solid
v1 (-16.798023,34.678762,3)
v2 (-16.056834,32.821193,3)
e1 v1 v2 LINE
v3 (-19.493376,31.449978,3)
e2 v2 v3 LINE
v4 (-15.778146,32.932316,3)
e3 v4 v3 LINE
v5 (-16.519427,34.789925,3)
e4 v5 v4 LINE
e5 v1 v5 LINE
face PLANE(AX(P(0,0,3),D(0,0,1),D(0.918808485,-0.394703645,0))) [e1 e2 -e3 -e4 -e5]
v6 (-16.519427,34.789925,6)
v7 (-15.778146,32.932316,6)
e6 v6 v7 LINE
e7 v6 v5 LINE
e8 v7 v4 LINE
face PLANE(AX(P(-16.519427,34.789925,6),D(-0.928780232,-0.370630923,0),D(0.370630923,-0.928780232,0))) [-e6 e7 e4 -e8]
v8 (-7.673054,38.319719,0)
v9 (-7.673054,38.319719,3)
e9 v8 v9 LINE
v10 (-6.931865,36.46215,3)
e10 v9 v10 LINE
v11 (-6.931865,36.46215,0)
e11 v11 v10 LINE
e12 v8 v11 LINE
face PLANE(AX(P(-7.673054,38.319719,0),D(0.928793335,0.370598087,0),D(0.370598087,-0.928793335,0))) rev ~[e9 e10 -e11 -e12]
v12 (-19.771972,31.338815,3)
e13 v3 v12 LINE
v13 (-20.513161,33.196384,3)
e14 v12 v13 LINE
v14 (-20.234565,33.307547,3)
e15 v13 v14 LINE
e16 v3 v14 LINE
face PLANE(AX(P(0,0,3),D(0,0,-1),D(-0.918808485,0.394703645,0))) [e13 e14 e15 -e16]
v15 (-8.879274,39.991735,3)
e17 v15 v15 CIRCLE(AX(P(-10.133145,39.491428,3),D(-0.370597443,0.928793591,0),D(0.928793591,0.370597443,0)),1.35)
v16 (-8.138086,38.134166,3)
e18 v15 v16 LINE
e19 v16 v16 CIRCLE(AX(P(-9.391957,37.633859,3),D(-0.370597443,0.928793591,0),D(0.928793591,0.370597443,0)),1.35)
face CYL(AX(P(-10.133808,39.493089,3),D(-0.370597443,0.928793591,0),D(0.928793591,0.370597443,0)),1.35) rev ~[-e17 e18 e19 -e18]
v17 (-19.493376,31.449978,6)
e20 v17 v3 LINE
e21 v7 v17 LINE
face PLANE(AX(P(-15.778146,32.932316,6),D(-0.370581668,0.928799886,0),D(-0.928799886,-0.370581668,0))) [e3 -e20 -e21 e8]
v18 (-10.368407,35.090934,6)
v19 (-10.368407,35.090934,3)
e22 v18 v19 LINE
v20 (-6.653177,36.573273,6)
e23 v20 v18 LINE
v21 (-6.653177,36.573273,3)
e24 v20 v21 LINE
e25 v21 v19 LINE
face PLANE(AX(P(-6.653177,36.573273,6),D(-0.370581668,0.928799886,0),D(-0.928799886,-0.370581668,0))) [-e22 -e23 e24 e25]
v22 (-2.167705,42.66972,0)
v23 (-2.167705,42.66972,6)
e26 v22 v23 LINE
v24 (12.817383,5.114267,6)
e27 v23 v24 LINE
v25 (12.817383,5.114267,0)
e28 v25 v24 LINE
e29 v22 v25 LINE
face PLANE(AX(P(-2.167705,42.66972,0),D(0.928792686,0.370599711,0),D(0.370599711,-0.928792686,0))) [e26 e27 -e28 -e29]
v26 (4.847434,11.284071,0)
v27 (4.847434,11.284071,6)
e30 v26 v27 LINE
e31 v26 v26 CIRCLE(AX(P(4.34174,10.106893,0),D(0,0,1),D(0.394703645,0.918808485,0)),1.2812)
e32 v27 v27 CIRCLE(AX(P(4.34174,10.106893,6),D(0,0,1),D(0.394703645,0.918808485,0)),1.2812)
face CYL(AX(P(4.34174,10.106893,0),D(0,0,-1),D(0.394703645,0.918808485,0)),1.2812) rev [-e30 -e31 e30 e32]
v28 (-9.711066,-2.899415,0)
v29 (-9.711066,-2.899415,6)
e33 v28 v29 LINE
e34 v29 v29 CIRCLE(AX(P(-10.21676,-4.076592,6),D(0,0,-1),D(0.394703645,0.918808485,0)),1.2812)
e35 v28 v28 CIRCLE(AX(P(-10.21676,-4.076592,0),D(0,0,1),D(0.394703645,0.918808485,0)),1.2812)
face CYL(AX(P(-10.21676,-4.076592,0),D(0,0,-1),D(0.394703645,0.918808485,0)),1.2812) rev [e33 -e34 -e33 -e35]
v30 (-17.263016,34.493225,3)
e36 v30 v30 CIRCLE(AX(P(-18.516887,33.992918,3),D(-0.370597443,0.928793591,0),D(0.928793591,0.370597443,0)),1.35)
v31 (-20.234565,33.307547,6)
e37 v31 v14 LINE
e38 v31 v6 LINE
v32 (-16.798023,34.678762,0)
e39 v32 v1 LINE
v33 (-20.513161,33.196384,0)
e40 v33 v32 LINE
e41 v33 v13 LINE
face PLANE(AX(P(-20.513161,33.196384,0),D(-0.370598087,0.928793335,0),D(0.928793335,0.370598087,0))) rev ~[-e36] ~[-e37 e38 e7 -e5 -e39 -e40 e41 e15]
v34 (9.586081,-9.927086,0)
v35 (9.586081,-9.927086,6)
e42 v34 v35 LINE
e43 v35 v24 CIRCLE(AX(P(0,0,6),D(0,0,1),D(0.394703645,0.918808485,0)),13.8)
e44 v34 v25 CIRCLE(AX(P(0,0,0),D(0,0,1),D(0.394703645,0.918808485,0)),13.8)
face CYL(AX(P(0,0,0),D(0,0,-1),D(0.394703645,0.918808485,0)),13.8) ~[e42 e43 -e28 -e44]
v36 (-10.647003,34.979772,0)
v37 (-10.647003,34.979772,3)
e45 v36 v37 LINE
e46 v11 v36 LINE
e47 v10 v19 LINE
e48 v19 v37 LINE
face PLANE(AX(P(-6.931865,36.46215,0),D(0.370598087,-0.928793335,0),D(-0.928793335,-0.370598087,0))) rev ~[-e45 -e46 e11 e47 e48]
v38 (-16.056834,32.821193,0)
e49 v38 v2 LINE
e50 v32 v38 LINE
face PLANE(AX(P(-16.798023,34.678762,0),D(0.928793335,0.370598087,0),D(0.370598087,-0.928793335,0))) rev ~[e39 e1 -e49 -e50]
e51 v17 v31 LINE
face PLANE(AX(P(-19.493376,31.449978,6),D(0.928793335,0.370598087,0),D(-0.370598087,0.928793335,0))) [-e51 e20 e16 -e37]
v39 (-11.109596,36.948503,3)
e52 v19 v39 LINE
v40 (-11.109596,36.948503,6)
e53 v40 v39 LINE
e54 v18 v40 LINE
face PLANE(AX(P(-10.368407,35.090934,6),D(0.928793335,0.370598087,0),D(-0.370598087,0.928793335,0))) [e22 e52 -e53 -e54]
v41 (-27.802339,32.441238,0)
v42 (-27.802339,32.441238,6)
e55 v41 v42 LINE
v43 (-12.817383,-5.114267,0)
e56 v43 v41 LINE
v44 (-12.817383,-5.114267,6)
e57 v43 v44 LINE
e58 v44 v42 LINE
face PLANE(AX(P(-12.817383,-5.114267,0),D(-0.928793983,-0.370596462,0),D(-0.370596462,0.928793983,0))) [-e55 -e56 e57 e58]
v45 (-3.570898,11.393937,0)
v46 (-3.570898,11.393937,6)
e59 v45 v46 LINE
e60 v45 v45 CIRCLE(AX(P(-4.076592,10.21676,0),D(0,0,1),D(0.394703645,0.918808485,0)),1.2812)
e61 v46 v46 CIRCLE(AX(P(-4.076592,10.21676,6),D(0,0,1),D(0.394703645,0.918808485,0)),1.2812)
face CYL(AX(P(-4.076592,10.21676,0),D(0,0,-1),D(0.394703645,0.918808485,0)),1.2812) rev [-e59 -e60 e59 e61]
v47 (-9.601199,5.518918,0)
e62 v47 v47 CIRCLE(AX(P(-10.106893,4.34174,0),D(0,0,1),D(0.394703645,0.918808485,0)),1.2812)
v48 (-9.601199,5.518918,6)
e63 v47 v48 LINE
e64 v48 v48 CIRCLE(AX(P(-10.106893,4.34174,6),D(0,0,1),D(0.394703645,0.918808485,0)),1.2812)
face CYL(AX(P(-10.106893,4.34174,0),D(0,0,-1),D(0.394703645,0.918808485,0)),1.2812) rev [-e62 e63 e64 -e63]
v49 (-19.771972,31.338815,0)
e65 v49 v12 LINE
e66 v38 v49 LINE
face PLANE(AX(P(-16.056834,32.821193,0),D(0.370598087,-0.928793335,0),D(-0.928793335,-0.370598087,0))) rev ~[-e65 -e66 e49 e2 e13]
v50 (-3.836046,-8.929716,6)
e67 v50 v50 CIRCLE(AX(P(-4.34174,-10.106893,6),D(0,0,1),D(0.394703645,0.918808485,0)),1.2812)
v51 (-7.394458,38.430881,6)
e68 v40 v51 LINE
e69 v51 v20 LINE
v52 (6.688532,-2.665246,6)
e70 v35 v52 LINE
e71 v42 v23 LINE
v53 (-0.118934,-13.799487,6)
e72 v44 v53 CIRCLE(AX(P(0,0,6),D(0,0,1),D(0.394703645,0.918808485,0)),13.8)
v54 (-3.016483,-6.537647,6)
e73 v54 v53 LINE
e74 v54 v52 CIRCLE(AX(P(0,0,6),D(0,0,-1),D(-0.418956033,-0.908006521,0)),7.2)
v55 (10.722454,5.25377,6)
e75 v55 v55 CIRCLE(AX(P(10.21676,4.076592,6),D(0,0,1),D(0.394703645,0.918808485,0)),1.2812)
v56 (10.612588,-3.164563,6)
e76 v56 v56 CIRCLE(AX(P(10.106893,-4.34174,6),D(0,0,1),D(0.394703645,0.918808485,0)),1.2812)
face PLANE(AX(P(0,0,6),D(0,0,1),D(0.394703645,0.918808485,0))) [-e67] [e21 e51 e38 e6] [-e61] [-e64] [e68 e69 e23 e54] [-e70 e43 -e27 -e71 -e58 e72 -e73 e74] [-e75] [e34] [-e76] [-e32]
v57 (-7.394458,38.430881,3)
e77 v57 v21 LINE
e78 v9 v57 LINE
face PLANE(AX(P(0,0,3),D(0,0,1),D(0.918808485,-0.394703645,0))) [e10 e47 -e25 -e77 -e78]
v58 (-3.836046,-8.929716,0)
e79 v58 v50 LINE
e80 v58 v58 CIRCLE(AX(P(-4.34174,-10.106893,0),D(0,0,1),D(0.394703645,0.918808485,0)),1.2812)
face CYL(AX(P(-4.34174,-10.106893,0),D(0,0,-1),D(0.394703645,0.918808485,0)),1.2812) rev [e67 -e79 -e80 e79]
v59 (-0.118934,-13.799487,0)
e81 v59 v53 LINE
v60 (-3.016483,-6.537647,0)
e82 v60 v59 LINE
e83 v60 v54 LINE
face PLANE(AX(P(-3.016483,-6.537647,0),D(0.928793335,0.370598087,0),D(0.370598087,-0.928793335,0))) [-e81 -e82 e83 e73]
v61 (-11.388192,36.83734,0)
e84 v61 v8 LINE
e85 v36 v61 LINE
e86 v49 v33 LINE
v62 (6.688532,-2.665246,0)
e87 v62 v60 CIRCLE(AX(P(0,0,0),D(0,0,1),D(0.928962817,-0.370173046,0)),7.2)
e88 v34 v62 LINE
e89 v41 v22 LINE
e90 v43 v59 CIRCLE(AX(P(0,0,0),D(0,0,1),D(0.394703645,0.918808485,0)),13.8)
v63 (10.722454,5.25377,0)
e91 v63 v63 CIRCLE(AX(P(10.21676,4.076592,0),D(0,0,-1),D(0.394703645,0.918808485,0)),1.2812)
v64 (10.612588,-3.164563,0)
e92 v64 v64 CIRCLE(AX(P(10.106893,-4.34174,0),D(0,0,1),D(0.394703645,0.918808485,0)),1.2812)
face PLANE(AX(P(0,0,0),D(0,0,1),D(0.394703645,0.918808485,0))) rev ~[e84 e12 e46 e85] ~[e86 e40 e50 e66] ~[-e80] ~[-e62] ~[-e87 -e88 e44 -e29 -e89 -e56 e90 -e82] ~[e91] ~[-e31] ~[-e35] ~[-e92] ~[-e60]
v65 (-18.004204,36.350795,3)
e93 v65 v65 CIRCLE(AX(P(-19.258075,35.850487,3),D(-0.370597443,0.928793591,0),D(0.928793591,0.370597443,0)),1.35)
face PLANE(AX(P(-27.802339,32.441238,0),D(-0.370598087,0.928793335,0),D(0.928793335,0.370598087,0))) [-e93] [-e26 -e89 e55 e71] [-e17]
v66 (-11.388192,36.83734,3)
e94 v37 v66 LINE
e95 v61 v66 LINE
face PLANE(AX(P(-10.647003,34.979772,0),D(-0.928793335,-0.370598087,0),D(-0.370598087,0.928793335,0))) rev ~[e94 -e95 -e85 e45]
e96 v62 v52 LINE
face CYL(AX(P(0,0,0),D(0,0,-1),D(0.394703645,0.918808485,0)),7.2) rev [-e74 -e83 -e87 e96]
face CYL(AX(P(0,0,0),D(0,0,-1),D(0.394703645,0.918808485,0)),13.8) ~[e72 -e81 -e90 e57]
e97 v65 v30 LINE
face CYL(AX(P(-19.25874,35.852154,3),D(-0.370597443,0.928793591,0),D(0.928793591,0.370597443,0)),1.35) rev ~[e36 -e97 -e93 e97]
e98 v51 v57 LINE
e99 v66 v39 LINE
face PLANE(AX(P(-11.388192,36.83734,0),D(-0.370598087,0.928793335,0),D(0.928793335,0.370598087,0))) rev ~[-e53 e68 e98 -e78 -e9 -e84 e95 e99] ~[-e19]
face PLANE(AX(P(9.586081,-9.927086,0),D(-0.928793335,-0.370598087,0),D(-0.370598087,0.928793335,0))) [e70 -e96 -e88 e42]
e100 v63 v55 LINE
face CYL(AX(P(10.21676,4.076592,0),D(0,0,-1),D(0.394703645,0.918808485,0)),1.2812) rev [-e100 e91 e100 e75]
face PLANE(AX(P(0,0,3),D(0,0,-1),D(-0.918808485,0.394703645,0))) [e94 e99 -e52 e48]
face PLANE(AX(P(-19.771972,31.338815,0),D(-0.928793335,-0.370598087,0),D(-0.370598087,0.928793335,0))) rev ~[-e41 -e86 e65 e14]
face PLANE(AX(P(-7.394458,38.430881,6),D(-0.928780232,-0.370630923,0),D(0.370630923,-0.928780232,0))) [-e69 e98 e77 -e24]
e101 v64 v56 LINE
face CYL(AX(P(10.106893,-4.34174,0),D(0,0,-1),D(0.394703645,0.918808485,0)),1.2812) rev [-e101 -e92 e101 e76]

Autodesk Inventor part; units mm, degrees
ref_plane "YZ Plane" through (0, 0, 0) normal (1, 0, 0) x (0, 1, 0)
ref_plane "XZ Plane" through (0, 0, 0) normal (0, 1, 0) x (-1, 0, 0)
ref_plane "XY Plane" through (0, 0, 0) normal (0, 0, 1) x (1, 0, 0)
ref_plane "작업 평면1" through (0, 0, 0) normal (0, 0, 1) x (0.3947, 0.9188, 0)
sketch "스케치1" plane through (0, 0, 0) normal (0, 0, 1) x (0.3947, 0.9188, 0)
  point P0 (0, 0)
ref_plane "작업 평면2" through (0, 0, 0) normal (0, 0, 1) x (0.3947, 0.9188, 0)
sketch "스케치2" plane through (0, 0, 0) normal (0, 0, 1) x (0.3947, 0.9188, 0)
  circle A0 centre (0, 0) radius 13.8 projected
  circle A1 centre (0, 0) radius 7.2 projected
  circle A2 centre (0, -11) radius 1.2812 projected
  circle A3 centre (-7.7782, -7.7782) radius 1.2812 projected
  circle A4 centre (-11, 0) radius 1.2812 projected
  circle A5 centre (-7.7782, 7.7782) radius 1.2812 projected
  circle A6 centre (0, 11) radius 1.2812 projected
  circle A7 centre (7.7782, 7.7782) radius 1.2812 projected
  circle A8 centre (11, 0) radius 1.2812 projected
  circle A9 centre (7.7782, -7.7782) radius 1.2812 projected
  line L0 (33.63, -33.63) -> (-32.0037, 32.0037)
  circle A10 centre (0, 0) radius 4.75 projected
  circle A11 centre (0, 0) radius 5.2245
  line L1 (3.6943, -3.6943) -> (-3.6943, 3.6943)
  line L2 (-3.6943, 3.6943) -> (-13.4523, -6.0637)
  line L3 (-13.4523, -6.0637) -> (-6.0637, -13.4523)
  line L4 (-6.0637, -13.4523) -> (3.6943, -3.6943)
  line L5 (9.7581, -9.7581) -> (-9.7581, 9.7581)
  line L6 (-9.7581, 9.7581) -> (18.8336, 38.3497)
  line L7 (18.8336, 38.3497) -> (38.3497, 18.8336)
  line L8 (38.3497, 18.8336) -> (9.7581, -9.7581)
  point P0 (0, 0)
  point P1 (-12.726, -5.3374)
  point P2 (-7.1975, 0.1912)
  point P3 (0.1912, -7.1975)
  point P4 (-5.3374, -12.726)
extrude "돌출1" add sketch "스케치2" along normal blind 6 contours A0 L0 A9 A1 A5 | A0 L6 L7 L8 | L0 A5 A1 L2 A0 | A0 L4 A1 L0 A9
sketch "스케치3" plane through (-27.8029, 32.4408, 6) normal (-0.3706, 0.9288, 0) x (0.9288, 0.3706, 0)
  line L0 (27.6, 6) -> (27.6, 0) projected
  line L1 (27.6, 6) -> (18.4, 6)
  line L2 (21, 6) -> (6.6, 6) projected
  line L3 (18.4, 6) -> (9.2, 6)
  line L4 (19.0245, 6) -> (19.0245, 3)
  line L5 (19.0245, 6) -> (19.0245, 0) projected
  line L6 (9.2, 6) -> (9.2, 3)
  circle A0 centre (19.0245, 3) radius 1.35
  circle A1 centre (9.2, 3) radius 1.35
  point P0 (13.8, 6)
  point P1 (8.5755, 6)
  dimension "d2" = 9.2
  dimension "d3" = 9.2
  dimension "d4" = 3
  dimension "d5" = 3
  dimension "d6" = 2.7
  dimension "d7" = 2.7
extrude "돌출2" cut sketch "스케치3" against normal blind 3
sketch "스케치4" plane through (0, 0, 6) normal (0, 0, 1) x (0.9188, -0.3947, 0)
  line L0 (-23.7306, 29.2101) -> (-21.8214, 31.1192) projected
  line L1 (-30.6776, 22.2631) -> (-28.7684, 24.1722) projected
  line L2 (-23.7306, 29.2101) -> (-22.67, 30.2707)
  line L3 (-24.7913, 29.5636) -> (-21.9629, 32.392)
  line L4 (-21.9629, 32.392) -> (-20.5486, 30.9778)
  line L5 (-20.5486, 30.9778) -> (-23.3771, 28.1494)
  line L6 (-23.3771, 28.1494) -> (-24.7913, 29.5636)
  line L7 (-24.7913, 29.5636) -> (-20.5486, 30.9778) construction
  line L8 (-21.9629, 32.392) -> (-23.3771, 28.1494) construction
  line L9 (-30.6776, 22.2631) -> (-29.617, 23.3237)
  line L10 (-31.7383, 22.6166) -> (-28.9099, 25.445)
  line L11 (-28.9099, 25.445) -> (-27.4956, 24.0308)
  line L12 (-27.4956, 24.0308) -> (-30.3241, 21.2024)
  line L13 (-30.3241, 21.2024) -> (-31.7383, 22.6166)
  line L14 (-31.7383, 22.6166) -> (-27.4956, 24.0308) construction
  line L15 (-28.9099, 25.445) -> (-30.3241, 21.2024) construction
  point P0 (0, 0)
  dimension "d10" = 1.5
  dimension "d11" = 4
  dimension "d12" = 2
  dimension "d13" = 1.5
  dimension "d14" = 4
extrude "돌출3" cut sketch "스케치4" against normal blind 3
sketch "스케치5" plane through (0, 0, 0) normal (0, 0, -1) x (-0.9188, 0.3947, 0)
  line L0 (21.8214, 31.1192) -> (23.7306, 29.2101) projected
  line L1 (28.7684, 24.1722) -> (30.6776, 22.2631) projected
  line L2 (21.8214, 31.1192) -> (22.8821, 30.0586)
  line L3 (28.7684, 24.1722) -> (29.8291, 23.1116)
  line L4 (23.5892, 27.9373) -> (25.0034, 29.3515)
  line L5 (25.0034, 29.3515) -> (22.175, 32.1799)
  line L6 (22.175, 32.1799) -> (20.7608, 30.7657)
  line L7 (20.7608, 30.7657) -> (23.5892, 27.9373)
  line L8 (23.5892, 27.9373) -> (22.175, 32.1799) construction
  line L9 (25.0034, 29.3515) -> (20.7608, 30.7657) construction
  line L10 (30.5362, 20.9903) -> (31.9504, 22.4045)
  line L11 (31.9504, 22.4045) -> (29.122, 25.2329)
  line L12 (29.122, 25.2329) -> (27.7078, 23.8187)
  line L13 (27.7078, 23.8187) -> (30.5362, 20.9903)
  line L14 (30.5362, 20.9903) -> (29.122, 25.2329) construction
  line L15 (31.9504, 22.4045) -> (27.7078, 23.8187) construction
  point P0 (0, 0)
  dimension "d17" = 1.5
  dimension "d18" = 1.5
  dimension "d19" = 2
  dimension "d20" = 4
  dimension "d21" = 4
extrude "돌출4" cut sketch "스케치5" against normal blind 3
properties part number "_foot_adt"
